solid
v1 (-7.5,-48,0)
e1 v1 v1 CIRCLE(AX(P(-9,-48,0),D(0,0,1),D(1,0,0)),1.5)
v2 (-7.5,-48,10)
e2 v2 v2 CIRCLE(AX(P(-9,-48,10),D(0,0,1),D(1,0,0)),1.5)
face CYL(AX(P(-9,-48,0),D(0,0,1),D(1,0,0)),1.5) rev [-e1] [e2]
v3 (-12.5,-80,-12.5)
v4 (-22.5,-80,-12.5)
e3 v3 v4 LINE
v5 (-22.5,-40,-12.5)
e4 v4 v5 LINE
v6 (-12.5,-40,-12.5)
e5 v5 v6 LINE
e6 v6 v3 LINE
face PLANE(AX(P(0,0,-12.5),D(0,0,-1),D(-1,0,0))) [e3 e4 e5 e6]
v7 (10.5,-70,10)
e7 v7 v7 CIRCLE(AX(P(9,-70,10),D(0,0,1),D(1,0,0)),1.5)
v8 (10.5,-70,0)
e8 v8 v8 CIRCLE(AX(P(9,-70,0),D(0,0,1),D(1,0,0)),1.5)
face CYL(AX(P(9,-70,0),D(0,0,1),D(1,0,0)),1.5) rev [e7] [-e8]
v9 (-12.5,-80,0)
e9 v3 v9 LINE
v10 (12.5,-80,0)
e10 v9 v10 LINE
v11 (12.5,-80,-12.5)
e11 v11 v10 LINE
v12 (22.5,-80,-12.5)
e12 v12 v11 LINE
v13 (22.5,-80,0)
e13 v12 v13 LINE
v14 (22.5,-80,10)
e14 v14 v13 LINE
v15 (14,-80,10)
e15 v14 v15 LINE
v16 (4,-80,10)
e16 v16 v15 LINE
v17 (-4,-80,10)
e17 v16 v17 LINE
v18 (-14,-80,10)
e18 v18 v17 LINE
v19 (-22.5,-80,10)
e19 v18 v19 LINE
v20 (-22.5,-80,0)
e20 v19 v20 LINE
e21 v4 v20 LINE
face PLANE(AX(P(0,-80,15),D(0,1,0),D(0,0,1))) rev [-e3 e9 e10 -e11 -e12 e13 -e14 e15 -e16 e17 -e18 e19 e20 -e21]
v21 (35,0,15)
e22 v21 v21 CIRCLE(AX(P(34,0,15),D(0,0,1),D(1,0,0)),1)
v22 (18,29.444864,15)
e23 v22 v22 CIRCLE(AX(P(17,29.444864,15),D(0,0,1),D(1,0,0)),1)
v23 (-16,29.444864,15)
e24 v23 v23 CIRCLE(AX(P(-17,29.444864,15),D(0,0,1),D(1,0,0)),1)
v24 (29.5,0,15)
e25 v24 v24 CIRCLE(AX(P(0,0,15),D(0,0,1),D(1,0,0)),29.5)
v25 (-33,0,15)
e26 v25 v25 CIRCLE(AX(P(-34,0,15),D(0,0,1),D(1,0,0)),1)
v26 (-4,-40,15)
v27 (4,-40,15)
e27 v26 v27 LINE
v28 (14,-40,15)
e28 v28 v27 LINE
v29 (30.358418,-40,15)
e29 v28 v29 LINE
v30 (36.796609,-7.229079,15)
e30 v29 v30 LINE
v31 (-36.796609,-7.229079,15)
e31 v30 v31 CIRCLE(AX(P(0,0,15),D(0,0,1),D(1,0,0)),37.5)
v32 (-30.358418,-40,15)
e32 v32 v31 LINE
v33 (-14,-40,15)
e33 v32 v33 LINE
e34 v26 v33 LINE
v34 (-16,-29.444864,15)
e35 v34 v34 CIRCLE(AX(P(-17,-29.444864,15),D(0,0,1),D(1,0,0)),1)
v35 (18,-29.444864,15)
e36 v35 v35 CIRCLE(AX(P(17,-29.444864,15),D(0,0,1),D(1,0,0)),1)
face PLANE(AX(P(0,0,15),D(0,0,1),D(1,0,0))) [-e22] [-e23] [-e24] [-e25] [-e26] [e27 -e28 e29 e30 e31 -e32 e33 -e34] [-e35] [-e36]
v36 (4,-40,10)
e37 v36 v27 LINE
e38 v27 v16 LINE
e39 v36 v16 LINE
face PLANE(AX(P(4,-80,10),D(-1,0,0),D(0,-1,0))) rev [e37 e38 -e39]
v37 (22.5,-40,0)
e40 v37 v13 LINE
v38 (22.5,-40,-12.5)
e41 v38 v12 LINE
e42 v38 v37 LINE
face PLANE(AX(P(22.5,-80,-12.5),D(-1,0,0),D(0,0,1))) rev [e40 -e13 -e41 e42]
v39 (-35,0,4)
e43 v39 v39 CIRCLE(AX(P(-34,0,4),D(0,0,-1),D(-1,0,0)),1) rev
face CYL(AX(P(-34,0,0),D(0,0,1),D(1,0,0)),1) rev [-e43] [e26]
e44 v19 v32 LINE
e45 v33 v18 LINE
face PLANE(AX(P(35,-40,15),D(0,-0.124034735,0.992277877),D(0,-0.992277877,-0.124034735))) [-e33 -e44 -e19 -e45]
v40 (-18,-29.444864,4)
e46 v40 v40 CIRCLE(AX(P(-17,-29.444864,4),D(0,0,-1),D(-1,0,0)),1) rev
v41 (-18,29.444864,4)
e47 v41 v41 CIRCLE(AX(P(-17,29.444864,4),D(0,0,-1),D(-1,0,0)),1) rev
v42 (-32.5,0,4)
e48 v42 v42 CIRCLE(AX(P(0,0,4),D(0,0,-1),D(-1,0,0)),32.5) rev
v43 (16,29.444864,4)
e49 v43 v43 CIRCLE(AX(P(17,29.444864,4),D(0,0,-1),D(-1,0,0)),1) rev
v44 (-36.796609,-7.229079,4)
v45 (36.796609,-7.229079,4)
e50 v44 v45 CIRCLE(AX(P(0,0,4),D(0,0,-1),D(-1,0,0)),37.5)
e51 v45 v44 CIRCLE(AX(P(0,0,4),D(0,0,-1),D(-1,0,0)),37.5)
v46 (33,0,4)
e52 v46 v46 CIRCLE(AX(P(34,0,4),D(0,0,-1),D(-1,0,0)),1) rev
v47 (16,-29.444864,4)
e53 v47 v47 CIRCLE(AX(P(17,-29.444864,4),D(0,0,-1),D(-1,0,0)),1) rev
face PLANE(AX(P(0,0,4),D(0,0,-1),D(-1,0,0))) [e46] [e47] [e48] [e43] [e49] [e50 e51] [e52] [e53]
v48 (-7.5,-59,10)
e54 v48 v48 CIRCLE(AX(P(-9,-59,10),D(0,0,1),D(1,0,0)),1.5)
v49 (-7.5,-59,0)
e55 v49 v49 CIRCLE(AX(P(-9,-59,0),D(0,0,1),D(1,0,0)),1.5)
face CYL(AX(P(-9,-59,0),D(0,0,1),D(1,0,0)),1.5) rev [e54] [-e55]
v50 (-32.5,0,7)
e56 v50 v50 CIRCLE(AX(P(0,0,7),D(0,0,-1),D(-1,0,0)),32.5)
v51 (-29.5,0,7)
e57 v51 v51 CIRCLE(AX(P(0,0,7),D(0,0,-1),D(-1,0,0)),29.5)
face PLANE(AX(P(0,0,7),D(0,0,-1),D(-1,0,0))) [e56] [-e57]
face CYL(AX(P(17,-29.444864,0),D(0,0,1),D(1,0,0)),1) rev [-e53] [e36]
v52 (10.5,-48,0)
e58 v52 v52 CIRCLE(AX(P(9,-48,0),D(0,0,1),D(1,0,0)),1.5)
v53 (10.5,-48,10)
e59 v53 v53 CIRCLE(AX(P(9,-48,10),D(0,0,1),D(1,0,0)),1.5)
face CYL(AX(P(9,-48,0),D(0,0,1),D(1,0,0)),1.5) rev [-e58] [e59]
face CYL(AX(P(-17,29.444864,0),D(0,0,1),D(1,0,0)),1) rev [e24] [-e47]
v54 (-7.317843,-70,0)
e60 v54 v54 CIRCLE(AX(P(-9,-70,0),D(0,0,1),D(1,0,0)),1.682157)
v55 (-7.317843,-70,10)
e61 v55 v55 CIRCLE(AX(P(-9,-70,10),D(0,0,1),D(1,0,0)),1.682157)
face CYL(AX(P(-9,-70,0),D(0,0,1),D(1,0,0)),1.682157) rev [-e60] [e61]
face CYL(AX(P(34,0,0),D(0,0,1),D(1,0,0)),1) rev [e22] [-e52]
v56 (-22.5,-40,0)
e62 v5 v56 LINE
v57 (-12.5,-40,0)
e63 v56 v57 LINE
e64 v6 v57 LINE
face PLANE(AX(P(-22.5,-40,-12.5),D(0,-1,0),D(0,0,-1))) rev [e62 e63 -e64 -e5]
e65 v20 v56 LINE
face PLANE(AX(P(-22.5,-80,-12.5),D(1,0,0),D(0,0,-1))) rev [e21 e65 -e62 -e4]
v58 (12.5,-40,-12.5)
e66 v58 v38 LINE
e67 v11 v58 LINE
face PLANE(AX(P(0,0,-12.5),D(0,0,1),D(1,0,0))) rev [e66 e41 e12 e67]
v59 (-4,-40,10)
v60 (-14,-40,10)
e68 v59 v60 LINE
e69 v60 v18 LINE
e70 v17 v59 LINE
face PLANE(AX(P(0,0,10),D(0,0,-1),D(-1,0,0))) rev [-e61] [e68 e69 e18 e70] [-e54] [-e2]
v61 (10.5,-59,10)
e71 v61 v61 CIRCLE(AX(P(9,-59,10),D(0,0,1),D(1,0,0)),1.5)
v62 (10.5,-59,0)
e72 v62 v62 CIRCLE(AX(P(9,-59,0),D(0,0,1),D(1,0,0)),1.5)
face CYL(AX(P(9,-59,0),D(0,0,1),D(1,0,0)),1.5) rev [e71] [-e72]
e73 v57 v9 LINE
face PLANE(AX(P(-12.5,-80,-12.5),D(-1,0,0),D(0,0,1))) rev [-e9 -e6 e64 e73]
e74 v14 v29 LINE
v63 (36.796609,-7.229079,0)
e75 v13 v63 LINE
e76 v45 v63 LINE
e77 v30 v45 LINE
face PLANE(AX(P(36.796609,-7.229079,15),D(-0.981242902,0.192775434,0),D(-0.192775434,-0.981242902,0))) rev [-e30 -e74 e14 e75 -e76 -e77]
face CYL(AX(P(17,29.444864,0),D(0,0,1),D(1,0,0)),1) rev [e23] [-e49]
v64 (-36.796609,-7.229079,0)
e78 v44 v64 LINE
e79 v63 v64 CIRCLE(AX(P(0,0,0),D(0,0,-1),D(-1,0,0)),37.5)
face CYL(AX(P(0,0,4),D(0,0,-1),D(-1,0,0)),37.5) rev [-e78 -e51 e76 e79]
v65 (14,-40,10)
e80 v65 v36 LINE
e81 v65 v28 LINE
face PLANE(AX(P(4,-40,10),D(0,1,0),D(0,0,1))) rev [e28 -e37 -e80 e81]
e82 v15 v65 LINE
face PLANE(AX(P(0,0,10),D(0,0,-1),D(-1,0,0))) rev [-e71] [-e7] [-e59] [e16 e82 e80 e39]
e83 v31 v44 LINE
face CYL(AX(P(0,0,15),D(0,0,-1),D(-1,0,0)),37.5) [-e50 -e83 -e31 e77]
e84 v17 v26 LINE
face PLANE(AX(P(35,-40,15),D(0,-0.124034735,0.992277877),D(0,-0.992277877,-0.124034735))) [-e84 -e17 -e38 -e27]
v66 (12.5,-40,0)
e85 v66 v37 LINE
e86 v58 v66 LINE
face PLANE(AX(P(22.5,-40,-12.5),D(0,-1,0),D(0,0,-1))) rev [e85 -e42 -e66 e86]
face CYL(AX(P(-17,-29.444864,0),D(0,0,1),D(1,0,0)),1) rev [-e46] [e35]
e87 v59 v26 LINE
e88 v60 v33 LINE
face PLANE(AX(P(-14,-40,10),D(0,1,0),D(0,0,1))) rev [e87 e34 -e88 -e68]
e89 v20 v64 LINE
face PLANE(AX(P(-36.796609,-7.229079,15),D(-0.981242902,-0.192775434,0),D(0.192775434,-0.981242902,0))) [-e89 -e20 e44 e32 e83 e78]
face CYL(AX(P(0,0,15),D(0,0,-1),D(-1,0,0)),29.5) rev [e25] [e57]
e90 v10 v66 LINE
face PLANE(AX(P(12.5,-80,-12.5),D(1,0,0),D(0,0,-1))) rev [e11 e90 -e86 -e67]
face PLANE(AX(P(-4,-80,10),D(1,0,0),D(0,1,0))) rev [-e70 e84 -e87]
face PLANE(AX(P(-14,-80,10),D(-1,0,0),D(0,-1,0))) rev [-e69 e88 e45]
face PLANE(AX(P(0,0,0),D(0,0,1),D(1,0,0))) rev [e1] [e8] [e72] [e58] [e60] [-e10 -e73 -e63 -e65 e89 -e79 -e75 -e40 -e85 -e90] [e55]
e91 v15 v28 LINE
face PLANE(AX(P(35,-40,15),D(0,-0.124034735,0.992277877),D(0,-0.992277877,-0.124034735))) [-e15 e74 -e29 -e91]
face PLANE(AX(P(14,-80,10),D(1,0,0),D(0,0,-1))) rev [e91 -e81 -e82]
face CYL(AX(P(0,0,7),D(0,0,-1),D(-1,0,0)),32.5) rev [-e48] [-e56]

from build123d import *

# Parameters (mm, degrees)
SKETCH1_R               = 29.5
BOSS_EXTRUDE1_DEPTH     = 15
SKETCH2_R               = 32.5
SKETCH2_R_2             = 27.5
CUT_EXTRUDE1_DEPTH      = 7
SKETCH9_R               = 1
CUT_EXTRUDE5_DEPTH      = 15
SKETCH10_R              = 37.5
CUT_EXTRUDE6_DEPTH      = 4
CUT_EXTRUDE7_DEPTH      = 35
CUT_EXTRUDE7_DEPTH_BACK = 35
SKETCH12_W              = 10
SKETCH12_H              = 40
CUT_EXTRUDE8_DEPTH      = 5
SKETCH13_R              = 1.5
SKETCH13_R_2            = 1.68215716
CUT_EXTRUDE9_DEPTH      = 10
SKETCH14_W              = 10
SKETCH14_H              = 40
BOSS_EXTRUDE2_DEPTH     = 12.5


with BuildPart() as part:
    # Sketch1 → Boss-Extrude1 (new body)
    with BuildSketch(Plane.XY):
        with BuildLine():
            Line((-36.796608813, -7.229078771), (-22.5, -80))
            Line((-22.5, -80), (22.5, -80))
            Line((22.5, -80), (36.796608813, -7.229078771))
            ThreePointArc((36.796608813, -7.229078771), (0, 37.5), (-36.796608813, -7.229078771))
        make_face()
        Circle(SKETCH1_R, mode=Mode.SUBTRACT)
    extrude(amount=BOSS_EXTRUDE1_DEPTH)

    # Sketch2 → Cut-Extrude1 (cut)
    with BuildSketch(Plane(origin=(0, 0, 0), x_dir=(-1, 0, 0), z_dir=(0, 0, -1))):
        Circle(SKETCH2_R)
        Circle(SKETCH2_R_2, mode=Mode.SUBTRACT)
    extrude(amount=-CUT_EXTRUDE1_DEPTH, mode=Mode.SUBTRACT)

    # Sketch9 → Cut-Extrude5 (cut)
    with BuildSketch(Plane.XY.offset(15)):
        with Locations((17, 29.444863729)):
            Circle(SKETCH9_R)
        with Locations((34, 0)):
            Circle(SKETCH9_R)
        with Locations((17, -29.444863729)):
            Circle(SKETCH9_R)
        with Locations((-17, -29.444863729)):
            Circle(SKETCH9_R)
        with Locations((-34, 0)):
            Circle(SKETCH9_R)
        with Locations((-17, 29.444863729)):
            Circle(SKETCH9_R)
    extrude(amount=-CUT_EXTRUDE5_DEPTH, mode=Mode.SUBTRACT)

    # Sketch10 → Cut-Extrude6 (cut)
    with BuildSketch(Plane(origin=(0, 0, 0), x_dir=(-1, 0, 0), z_dir=(0, 0, -1))):
        Circle(SKETCH10_R)
    extrude(amount=-CUT_EXTRUDE6_DEPTH, mode=Mode.SUBTRACT)

    # Sketch11 → Cut-Extrude7 (cut, two sides: drawn at the far end of the back side and taken through both)
    with BuildSketch(Plane(origin=(0, 0, 0), x_dir=(0, 0, -1), z_dir=(1, 0, 0)).offset(-CUT_EXTRUDE7_DEPTH_BACK)):
        Polygon((-15, -80), (-15, -40), (-10, -80), align=None)
    extrude(amount=CUT_EXTRUDE7_DEPTH + CUT_EXTRUDE7_DEPTH_BACK, mode=Mode.SUBTRACT)

    # Sketch12 → Cut-Extrude8 (cut)
    with BuildSketch(Plane.XY.offset(15)):
        with Locations((-9, -60)):
            Rectangle(SKETCH12_W, SKETCH12_H)
        with Locations((9, -60)):
            Rectangle(SKETCH12_W, SKETCH12_H)
    extrude(amount=-CUT_EXTRUDE8_DEPTH, mode=Mode.SUBTRACT)

    # Sketch13 → Cut-Extrude9 (cut)
    with BuildSketch(Plane.XY.offset(10)):
        with Locations((-9, -48)):
            Circle(SKETCH13_R)
        with Locations((-9, -59)):
            Circle(SKETCH13_R)
        with Locations((-9, -70)):
            Circle(SKETCH13_R_2)
        with Locations((9, -70)):
            Circle(SKETCH13_R)
        with Locations((9, -59)):
            Circle(SKETCH13_R)
        with Locations((9, -48)):
            Circle(SKETCH13_R)
    extrude(amount=-CUT_EXTRUDE9_DEPTH, mode=Mode.SUBTRACT)

    # Sketch14 → Boss-Extrude2 (add)
    with BuildSketch(Plane(origin=(0, 0, 0), x_dir=(-1, 0, 0), z_dir=(0, 0, -1))):
        with Locations((-17.5, -60)):
            Rectangle(SKETCH14_W, SKETCH14_H)
        with Locations((17.5, -60)):
            Rectangle(SKETCH14_W, SKETCH14_H)
    extrude(amount=BOSS_EXTRUDE2_DEPTH)


solid = part.part
